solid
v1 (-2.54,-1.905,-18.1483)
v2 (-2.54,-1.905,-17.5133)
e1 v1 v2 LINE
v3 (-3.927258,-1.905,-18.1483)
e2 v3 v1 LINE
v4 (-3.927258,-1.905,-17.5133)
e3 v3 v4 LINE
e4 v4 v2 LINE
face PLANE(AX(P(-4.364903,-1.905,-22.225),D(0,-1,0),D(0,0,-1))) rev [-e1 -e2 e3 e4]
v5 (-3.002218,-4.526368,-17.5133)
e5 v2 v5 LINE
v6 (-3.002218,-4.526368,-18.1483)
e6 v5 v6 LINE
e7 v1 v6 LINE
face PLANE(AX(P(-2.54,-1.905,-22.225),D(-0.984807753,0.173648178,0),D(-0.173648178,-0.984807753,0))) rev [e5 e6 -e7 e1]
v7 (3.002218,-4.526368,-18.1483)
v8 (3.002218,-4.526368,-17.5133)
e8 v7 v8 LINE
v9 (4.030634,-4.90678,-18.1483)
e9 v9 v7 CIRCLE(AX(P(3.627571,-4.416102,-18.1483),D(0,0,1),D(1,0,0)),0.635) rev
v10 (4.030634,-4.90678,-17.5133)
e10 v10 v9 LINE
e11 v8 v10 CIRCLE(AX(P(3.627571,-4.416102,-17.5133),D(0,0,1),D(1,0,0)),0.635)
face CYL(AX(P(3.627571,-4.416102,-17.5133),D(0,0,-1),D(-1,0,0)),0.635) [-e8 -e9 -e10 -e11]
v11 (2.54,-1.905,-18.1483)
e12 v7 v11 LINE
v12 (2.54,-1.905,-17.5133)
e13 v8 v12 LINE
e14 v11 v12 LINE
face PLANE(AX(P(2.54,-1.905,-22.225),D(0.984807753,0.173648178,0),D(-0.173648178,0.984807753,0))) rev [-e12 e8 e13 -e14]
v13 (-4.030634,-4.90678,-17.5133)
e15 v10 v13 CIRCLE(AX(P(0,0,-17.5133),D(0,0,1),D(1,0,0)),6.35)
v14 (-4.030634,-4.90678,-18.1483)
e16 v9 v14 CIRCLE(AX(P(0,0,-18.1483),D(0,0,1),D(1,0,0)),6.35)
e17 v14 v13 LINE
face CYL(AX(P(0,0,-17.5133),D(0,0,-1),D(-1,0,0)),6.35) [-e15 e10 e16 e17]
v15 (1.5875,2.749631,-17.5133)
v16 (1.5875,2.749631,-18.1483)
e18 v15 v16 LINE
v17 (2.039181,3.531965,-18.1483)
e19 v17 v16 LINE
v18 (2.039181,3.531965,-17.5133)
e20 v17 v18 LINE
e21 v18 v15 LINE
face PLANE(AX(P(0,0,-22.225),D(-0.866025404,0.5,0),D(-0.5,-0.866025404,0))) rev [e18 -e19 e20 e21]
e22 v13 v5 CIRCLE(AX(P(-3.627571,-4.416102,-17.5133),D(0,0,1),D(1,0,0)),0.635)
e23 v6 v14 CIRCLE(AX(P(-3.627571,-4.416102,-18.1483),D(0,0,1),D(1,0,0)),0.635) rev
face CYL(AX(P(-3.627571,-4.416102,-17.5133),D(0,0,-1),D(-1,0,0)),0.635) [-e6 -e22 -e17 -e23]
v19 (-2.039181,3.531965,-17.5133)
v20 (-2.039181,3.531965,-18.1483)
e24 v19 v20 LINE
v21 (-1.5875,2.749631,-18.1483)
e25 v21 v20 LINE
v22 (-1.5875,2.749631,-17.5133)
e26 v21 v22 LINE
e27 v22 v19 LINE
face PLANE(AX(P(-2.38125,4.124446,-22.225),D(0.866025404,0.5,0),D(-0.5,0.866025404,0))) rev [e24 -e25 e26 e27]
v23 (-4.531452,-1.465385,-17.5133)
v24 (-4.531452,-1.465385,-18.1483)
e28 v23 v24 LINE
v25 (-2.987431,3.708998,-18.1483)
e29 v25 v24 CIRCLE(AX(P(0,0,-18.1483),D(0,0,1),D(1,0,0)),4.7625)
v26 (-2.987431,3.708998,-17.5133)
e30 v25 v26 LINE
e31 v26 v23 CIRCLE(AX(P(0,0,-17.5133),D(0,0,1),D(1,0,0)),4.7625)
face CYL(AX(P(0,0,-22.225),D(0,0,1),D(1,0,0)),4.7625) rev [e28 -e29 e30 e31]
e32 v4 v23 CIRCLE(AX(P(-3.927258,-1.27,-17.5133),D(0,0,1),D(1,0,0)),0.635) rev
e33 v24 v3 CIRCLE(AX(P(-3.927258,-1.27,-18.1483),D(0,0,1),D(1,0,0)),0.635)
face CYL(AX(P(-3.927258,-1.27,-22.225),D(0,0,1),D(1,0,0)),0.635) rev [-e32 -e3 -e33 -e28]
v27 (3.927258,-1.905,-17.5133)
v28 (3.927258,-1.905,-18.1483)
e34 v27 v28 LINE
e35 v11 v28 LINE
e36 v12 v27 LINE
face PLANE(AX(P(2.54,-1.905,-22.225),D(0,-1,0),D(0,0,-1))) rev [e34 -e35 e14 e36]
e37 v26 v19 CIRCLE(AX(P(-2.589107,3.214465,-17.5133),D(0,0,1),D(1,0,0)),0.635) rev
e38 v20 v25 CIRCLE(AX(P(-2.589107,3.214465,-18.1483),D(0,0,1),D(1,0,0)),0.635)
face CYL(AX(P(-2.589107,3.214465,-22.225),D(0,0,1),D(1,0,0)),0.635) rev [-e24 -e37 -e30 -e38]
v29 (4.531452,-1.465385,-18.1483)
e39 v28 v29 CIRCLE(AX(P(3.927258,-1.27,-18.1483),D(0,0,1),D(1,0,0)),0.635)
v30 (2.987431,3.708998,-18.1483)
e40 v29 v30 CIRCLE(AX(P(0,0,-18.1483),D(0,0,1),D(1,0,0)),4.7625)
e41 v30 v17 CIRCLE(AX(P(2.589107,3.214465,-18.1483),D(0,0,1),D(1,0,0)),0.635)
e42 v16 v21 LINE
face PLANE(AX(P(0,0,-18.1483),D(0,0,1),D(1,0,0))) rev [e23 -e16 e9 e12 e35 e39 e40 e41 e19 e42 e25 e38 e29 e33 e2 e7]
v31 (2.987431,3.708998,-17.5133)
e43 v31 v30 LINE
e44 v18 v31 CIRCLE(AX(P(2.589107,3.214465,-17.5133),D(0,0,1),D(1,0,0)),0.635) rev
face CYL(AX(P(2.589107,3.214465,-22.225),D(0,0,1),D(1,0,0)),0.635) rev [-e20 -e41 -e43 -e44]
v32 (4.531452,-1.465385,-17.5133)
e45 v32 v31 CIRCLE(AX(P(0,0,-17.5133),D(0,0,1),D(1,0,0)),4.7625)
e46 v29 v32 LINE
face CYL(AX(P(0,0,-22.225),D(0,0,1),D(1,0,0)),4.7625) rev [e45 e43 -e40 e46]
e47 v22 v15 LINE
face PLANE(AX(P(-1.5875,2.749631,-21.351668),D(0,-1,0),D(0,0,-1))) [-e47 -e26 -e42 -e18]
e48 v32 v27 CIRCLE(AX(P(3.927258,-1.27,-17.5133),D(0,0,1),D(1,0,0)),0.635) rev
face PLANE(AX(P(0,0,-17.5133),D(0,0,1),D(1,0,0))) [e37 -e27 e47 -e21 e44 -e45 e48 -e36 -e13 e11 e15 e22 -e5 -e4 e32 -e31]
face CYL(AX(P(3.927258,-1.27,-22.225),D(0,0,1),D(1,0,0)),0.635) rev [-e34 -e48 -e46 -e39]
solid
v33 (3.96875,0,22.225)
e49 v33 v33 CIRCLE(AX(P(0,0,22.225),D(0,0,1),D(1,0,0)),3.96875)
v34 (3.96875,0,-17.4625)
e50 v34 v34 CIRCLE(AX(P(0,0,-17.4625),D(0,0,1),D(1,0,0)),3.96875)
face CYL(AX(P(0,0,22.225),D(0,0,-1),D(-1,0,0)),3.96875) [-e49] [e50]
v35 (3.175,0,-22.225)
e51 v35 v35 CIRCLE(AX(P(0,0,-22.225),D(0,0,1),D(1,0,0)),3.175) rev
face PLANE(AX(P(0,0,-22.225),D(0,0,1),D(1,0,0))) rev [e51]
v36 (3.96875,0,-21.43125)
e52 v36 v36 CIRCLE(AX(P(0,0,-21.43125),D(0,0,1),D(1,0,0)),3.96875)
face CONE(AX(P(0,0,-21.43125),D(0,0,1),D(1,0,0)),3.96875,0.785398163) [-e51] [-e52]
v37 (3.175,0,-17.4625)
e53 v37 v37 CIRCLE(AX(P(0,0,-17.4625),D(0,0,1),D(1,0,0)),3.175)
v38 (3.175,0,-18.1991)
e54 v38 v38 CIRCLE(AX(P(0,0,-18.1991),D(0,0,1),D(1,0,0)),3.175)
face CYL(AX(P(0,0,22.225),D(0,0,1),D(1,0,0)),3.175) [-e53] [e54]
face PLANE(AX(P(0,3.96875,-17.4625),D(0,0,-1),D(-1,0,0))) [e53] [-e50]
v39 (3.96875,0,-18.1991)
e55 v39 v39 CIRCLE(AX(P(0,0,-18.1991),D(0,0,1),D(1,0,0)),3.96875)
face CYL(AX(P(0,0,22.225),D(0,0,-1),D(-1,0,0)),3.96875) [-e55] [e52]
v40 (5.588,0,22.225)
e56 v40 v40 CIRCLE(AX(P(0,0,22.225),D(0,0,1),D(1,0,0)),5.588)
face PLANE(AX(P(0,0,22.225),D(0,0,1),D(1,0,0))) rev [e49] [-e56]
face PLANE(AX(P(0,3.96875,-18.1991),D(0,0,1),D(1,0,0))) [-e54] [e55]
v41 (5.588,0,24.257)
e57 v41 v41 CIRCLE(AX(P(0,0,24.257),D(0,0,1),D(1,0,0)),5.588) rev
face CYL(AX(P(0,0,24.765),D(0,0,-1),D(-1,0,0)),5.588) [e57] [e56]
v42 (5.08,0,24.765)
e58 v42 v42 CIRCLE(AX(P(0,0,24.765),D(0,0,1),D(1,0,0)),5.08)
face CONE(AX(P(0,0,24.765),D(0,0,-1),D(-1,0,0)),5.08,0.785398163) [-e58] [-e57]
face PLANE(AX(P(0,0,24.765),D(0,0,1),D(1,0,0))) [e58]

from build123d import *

# Parameters (mm, degrees)
SKETCH2_R      = 3.96875
EXTRUDE1_DEPTH = 22.225
SKETCH3_W      = 0.7366
SKETCH3_H      = 0.79375
SKETCH8_R      = 5.588
EXTRUDE6_DEPTH = 2.54
CHAMFER2_SIZE  = 0.508
SKETCH4_R      = 6.35
SKETCH4_R_2    = 3.175
EXTRUDE2_DEPTH = 0.3175
EXTRUDE4_DEPTH = 27.342935011
EXTRUDE5_DEPTH = 0.635
FILLET1_R      = 0.635
CHAMFER1_SIZE  = 0.79375


with BuildPart() as part:
    # Sketch2 → Extrude1 (new, symmetric)
    with BuildSketch(Plane.XY):
        Circle(SKETCH2_R)
    extrude(amount=EXTRUDE1_DEPTH, both=True)

    # Sketch3 → Cut-Revolve1 (revolve, cut)
    with BuildSketch(Plane(origin=(0, 0, 0), x_dir=(0, 0, -1), z_dir=(1, 0, 0)), mode=Mode.PRIVATE) as cut_revolve1_sk:
        with Locations((17.8308, 3.571875)):
            Rectangle(SKETCH3_W, SKETCH3_H)
    revolve(cut_revolve1_sk.sketch.rotate(Axis((0, 0, 22.225), (0, 0, -1)), 90), axis=Axis((0, 0, 22.225), (0, 0, -1)), mode=Mode.SUBTRACT)

    # Sketch8 → Extrude6 (add)
    with BuildSketch(Plane.XY.offset(22.225)):
        Circle(SKETCH8_R)
    extrude(amount=EXTRUDE6_DEPTH)

    # Chamfer2
    chamfer2_edges = [part.edges().sort_by_distance(p)[0] for p in [
        (-5.588, 0, 24.765),
    ]]
    chamfer(chamfer2_edges, length=CHAMFER2_SIZE)

    # Chamfer1
    chamfer1_edges = [part.edges().sort_by_distance(p)[0] for p in [
        (-3.96875, 0, -22.225),
    ]]
    chamfer(chamfer1_edges, length=CHAMFER1_SIZE)


with BuildPart() as body_2:
    # Sketch4 → Extrude2 (new, symmetric)
    with BuildSketch(Plane.XY.offset(-17.8308)):
        Circle(SKETCH4_R)
        Circle(SKETCH4_R_2, mode=Mode.SUBTRACT)
    extrude(amount=EXTRUDE2_DEPTH, both=True)

    # Sketch5 → Extrude4 (cut, through all)
    with BuildSketch(Plane.XY):
        with BuildLine():
            Line((-2.38125, 4.124445986), (0, 0))
            Line((0, 0), (2.38125, 4.124445986))
            ThreePointArc((2.38125, 4.124445986), (4.523958552, 1.488356568), (4.364903349, -1.905))
            Line((4.364903349, -1.905), (2.54, -1.905))
            Line((2.54, -1.905), (3.173879308, -5.499908194))
            ThreePointArc((3.173879308, -5.499908194), (0, -6.35), (-3.173879308, -5.499908194))
            Line((-3.173879308, -5.499908194), (-2.54, -1.905))
            Line((-2.54, -1.905), (-4.364903349, -1.905))
            ThreePointArc((-4.364903349, -1.905), (-4.523958552, 1.488356568), (-2.38125, 4.124445986))
        make_face()
    extrude(amount=-EXTRUDE4_DEPTH, mode=Mode.SUBTRACT)

    # Sketch6 → Extrude5 (add)
    with BuildSketch(Plane.XY.offset(-17.5133)):
        with BuildLine():
            Line((-1.5875, 2.749630657), (1.5875, 2.749630657))
            ThreePointArc((1.5875, 2.749630657), (0, 3.175), (-1.5875, 2.749630657))
        make_face()
    extrude(amount=-EXTRUDE5_DEPTH)

    # Fillet1
    fillet1_edges = [body_2.edges().sort_by_distance(p)[0] for p in [
        (2.38125, 4.124445986, -17.8308),
        (3.173879308, -5.499908194, -17.8308),
        (-4.364903349, -1.905, -17.8308),
        (4.364903349, -1.905, -17.8308),
        (-3.173879308, -5.499908194, -17.8308),
        (-2.38125, 4.124445986, -17.8308),
    ]]
    fillet(fillet1_edges, radius=FILLET1_R)


solid = Compound([part.part, body_2.part])
